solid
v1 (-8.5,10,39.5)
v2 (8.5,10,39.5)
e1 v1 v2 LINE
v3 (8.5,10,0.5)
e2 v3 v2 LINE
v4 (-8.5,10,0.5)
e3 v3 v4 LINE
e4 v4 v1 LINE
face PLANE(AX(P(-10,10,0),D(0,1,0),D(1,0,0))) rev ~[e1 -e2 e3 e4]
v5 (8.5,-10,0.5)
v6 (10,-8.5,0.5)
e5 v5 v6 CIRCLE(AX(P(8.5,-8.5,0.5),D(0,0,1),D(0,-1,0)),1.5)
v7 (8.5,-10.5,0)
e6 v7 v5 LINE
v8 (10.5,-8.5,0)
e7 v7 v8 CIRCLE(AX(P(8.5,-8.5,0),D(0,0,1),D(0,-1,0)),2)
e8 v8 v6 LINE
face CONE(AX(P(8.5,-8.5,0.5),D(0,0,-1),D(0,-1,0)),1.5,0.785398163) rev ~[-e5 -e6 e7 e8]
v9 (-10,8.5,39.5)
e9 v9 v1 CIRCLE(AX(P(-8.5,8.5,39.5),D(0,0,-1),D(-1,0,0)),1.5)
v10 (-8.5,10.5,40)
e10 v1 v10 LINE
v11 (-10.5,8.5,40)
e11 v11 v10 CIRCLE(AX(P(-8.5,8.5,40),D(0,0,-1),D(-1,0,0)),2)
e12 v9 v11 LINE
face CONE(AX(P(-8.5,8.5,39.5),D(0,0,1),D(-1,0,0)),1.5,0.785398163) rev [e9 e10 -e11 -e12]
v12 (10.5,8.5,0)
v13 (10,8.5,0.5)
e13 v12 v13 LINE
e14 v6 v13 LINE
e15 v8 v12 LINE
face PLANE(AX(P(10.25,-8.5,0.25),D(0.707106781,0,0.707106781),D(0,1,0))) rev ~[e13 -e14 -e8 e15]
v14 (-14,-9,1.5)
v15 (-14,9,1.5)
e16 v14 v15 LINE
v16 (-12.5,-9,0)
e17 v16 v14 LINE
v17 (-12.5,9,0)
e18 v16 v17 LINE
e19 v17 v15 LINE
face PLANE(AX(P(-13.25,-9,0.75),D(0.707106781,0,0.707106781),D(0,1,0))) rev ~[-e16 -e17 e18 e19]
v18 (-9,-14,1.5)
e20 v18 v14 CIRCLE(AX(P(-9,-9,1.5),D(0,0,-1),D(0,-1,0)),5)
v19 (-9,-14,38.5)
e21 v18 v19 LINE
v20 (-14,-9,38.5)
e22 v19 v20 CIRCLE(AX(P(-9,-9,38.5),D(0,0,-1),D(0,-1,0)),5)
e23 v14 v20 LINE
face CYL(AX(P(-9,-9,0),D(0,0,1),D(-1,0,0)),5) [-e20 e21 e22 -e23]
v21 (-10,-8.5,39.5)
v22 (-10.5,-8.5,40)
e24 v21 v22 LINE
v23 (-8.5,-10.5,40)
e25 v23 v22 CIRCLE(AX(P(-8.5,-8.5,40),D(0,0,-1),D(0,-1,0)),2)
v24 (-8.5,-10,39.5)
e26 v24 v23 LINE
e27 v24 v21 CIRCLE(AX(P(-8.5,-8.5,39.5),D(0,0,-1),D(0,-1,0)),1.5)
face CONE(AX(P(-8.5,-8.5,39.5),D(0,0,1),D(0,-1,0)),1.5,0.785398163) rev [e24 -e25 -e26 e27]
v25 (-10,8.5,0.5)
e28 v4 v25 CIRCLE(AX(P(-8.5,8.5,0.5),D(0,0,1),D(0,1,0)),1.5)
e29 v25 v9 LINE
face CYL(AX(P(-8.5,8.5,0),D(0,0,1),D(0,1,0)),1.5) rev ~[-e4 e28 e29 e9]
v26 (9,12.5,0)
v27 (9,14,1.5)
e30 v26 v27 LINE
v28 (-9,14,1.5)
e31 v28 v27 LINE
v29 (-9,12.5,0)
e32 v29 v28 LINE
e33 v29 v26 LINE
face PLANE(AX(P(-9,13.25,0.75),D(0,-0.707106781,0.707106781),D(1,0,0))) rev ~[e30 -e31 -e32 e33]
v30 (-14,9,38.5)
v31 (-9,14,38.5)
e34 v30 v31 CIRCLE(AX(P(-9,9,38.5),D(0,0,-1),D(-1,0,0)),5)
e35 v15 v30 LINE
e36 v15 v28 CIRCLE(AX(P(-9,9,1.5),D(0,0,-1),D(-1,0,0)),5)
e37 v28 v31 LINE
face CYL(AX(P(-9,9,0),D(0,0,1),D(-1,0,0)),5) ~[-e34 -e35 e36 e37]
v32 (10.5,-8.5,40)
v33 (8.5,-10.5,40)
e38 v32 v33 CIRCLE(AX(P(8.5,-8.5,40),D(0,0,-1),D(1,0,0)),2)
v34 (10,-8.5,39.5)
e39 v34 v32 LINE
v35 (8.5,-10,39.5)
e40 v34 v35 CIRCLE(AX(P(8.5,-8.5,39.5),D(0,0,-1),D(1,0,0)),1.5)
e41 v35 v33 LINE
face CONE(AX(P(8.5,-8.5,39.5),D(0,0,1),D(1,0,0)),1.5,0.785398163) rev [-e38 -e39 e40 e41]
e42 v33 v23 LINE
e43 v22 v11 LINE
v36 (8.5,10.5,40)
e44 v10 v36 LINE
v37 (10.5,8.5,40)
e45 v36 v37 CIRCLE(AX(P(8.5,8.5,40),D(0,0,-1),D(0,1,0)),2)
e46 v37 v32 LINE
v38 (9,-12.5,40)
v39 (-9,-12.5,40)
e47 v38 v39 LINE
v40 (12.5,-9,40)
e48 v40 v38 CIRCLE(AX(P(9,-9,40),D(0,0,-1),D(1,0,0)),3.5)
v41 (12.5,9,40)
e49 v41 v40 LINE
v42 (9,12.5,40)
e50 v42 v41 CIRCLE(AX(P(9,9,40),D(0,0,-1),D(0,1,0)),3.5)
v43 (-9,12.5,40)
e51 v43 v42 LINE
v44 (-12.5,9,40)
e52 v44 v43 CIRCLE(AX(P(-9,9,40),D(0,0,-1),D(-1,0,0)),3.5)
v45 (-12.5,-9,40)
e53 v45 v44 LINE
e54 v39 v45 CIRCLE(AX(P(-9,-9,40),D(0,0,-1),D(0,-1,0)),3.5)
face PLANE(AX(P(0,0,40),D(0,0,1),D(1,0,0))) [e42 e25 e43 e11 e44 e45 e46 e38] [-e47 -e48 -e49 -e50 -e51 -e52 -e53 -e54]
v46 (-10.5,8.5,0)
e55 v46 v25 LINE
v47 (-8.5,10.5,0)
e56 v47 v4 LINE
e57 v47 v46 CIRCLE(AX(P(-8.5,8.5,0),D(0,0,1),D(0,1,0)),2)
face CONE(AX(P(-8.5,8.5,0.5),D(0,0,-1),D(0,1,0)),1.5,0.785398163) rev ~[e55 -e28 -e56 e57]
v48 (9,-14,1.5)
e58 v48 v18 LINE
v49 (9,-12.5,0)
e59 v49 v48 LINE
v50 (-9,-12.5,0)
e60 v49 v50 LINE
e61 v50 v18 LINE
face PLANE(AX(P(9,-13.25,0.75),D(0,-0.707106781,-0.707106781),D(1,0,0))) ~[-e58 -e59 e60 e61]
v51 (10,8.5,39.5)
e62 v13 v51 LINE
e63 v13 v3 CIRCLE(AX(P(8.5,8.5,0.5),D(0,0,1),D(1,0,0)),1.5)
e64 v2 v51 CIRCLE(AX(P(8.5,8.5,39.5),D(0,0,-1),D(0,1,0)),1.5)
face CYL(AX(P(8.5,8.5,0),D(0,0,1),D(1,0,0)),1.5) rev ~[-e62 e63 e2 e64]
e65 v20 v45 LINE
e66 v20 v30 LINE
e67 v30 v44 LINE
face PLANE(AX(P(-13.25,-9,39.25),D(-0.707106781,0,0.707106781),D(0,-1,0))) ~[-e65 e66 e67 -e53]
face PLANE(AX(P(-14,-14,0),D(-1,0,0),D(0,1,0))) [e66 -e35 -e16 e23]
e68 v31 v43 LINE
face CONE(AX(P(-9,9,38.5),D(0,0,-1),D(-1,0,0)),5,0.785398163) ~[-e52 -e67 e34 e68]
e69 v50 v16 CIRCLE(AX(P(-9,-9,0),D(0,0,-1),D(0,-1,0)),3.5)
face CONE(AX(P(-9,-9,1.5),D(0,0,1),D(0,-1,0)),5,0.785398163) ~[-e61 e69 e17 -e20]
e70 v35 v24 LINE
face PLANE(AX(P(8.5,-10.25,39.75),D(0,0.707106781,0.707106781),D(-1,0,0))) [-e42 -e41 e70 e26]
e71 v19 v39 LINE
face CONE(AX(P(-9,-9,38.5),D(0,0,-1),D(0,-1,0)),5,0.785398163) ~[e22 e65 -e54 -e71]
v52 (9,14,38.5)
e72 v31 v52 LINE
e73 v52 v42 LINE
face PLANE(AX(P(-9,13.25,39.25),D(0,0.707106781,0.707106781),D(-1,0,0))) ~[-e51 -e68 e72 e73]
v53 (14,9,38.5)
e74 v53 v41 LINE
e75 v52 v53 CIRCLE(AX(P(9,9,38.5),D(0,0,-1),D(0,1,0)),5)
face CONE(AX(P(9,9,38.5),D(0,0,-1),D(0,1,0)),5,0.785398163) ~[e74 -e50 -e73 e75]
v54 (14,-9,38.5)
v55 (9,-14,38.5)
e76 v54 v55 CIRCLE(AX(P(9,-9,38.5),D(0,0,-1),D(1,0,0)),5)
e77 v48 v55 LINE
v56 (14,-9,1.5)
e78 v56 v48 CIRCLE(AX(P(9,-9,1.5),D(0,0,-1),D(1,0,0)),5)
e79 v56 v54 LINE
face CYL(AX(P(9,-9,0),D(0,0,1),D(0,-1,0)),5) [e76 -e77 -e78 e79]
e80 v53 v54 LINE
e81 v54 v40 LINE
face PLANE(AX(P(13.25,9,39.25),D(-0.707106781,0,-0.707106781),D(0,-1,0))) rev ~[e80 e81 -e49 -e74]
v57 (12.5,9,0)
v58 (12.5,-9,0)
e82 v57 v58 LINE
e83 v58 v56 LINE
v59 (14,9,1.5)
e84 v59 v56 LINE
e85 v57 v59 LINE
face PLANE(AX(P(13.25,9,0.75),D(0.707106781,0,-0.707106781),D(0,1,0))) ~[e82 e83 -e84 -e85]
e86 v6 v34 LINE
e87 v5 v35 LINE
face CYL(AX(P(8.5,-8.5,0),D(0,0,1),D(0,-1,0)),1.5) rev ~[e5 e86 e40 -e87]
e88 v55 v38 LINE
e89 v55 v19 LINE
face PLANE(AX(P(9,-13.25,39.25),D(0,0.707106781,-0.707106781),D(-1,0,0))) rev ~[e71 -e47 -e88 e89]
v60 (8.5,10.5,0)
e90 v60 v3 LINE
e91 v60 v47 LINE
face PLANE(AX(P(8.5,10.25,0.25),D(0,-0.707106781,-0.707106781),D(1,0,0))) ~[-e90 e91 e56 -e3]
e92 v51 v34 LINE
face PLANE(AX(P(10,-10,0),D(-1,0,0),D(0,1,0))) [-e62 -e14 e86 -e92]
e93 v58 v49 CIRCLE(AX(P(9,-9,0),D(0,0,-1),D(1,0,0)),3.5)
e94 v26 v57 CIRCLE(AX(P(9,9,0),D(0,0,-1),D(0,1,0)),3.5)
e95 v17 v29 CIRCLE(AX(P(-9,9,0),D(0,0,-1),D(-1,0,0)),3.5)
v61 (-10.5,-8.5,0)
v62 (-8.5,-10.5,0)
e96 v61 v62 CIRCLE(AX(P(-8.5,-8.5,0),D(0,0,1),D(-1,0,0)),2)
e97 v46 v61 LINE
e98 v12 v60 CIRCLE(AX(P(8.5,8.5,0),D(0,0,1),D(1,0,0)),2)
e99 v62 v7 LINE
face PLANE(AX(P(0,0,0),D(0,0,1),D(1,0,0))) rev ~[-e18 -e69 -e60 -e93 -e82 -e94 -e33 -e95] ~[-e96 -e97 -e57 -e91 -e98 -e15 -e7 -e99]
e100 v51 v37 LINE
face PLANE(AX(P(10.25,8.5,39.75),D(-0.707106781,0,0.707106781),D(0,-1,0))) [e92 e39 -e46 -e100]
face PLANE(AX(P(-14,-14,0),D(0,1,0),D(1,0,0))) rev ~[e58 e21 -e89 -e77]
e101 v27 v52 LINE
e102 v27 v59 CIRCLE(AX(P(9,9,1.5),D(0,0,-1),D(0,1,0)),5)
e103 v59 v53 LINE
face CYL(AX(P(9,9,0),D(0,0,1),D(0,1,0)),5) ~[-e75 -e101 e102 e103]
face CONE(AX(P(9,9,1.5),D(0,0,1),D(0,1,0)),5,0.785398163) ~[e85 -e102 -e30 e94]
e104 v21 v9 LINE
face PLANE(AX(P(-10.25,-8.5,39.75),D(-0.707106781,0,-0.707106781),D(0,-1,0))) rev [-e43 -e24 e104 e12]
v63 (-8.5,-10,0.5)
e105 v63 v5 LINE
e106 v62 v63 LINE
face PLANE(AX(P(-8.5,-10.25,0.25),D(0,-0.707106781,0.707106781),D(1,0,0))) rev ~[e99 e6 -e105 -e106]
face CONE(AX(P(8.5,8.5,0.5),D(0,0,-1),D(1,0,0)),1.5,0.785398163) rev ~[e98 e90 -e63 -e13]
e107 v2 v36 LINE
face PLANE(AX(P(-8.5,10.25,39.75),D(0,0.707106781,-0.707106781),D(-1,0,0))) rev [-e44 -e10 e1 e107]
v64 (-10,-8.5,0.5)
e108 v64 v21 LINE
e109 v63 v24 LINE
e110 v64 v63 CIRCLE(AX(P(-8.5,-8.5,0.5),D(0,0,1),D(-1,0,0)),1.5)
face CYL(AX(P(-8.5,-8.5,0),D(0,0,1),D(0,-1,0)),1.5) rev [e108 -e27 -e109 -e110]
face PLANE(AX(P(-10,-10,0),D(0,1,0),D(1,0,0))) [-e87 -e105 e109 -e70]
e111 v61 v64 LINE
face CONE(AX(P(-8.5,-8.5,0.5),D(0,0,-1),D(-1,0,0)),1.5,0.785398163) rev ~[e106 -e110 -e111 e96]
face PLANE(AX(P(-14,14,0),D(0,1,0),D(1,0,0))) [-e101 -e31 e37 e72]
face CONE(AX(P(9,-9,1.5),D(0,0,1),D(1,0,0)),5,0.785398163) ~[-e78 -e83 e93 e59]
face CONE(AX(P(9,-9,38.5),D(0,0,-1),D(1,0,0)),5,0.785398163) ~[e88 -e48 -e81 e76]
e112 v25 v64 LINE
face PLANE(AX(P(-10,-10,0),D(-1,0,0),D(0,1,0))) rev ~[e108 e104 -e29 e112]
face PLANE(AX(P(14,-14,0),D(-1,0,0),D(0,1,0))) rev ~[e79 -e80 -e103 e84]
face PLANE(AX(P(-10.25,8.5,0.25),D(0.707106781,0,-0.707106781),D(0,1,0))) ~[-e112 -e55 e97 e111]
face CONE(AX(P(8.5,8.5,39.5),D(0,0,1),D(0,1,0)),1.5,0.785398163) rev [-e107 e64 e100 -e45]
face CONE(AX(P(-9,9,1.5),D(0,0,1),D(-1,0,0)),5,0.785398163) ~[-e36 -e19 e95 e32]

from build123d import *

# Parameters (mm, degrees)
F0_W     = 28
F0_H     = 28
F0_W_2   = 20
F0_H_2   = 20
F1_DEPTH = 40
F2_R     = 1.5
F3_R     = 5
F4_SIZE  = 1.5
F5_SIZE  = 0.5


with BuildPart() as f1:
    # F0 (on Top) → F1 (new body)
    with BuildSketch(Plane.XY):
        Rectangle(F0_W, F0_H)
        Rectangle(F0_W_2, F0_H_2, mode=Mode.SUBTRACT)
    extrude(amount=F1_DEPTH)

    # F2
    f2_edges = [f1.edges().sort_by_distance(p)[0] for p in [
        (-10, 10, 20),
        (10, 10, 20),
        (10, -10, 20),
        (-10, -10, 20),
    ]]
    fillet(f2_edges, radius=F2_R)

    # F3
    f3_edges = [f1.edges().sort_by_distance(p)[0] for p in [
        (-14, 14, 20),
        (-14, -14, 20),
        (14, -14, 20),
        (14, 14, 20),
    ]]
    fillet(f3_edges, radius=F3_R)

    # F4
    f4_edges = [f1.edges().sort_by_distance(p)[0] for p in [
        (-14, 0, 40),
        (-14, 0, 0),
    ]]
    chamfer(f4_edges, length=F4_SIZE)

    # F5
    f5_edges = [f1.edges().sort_by_distance(p)[0] for p in [
        (-10, 0, 40),
        (0, -10, 0),
    ]]
    chamfer(f5_edges, length=F5_SIZE)


solid = f1.part
